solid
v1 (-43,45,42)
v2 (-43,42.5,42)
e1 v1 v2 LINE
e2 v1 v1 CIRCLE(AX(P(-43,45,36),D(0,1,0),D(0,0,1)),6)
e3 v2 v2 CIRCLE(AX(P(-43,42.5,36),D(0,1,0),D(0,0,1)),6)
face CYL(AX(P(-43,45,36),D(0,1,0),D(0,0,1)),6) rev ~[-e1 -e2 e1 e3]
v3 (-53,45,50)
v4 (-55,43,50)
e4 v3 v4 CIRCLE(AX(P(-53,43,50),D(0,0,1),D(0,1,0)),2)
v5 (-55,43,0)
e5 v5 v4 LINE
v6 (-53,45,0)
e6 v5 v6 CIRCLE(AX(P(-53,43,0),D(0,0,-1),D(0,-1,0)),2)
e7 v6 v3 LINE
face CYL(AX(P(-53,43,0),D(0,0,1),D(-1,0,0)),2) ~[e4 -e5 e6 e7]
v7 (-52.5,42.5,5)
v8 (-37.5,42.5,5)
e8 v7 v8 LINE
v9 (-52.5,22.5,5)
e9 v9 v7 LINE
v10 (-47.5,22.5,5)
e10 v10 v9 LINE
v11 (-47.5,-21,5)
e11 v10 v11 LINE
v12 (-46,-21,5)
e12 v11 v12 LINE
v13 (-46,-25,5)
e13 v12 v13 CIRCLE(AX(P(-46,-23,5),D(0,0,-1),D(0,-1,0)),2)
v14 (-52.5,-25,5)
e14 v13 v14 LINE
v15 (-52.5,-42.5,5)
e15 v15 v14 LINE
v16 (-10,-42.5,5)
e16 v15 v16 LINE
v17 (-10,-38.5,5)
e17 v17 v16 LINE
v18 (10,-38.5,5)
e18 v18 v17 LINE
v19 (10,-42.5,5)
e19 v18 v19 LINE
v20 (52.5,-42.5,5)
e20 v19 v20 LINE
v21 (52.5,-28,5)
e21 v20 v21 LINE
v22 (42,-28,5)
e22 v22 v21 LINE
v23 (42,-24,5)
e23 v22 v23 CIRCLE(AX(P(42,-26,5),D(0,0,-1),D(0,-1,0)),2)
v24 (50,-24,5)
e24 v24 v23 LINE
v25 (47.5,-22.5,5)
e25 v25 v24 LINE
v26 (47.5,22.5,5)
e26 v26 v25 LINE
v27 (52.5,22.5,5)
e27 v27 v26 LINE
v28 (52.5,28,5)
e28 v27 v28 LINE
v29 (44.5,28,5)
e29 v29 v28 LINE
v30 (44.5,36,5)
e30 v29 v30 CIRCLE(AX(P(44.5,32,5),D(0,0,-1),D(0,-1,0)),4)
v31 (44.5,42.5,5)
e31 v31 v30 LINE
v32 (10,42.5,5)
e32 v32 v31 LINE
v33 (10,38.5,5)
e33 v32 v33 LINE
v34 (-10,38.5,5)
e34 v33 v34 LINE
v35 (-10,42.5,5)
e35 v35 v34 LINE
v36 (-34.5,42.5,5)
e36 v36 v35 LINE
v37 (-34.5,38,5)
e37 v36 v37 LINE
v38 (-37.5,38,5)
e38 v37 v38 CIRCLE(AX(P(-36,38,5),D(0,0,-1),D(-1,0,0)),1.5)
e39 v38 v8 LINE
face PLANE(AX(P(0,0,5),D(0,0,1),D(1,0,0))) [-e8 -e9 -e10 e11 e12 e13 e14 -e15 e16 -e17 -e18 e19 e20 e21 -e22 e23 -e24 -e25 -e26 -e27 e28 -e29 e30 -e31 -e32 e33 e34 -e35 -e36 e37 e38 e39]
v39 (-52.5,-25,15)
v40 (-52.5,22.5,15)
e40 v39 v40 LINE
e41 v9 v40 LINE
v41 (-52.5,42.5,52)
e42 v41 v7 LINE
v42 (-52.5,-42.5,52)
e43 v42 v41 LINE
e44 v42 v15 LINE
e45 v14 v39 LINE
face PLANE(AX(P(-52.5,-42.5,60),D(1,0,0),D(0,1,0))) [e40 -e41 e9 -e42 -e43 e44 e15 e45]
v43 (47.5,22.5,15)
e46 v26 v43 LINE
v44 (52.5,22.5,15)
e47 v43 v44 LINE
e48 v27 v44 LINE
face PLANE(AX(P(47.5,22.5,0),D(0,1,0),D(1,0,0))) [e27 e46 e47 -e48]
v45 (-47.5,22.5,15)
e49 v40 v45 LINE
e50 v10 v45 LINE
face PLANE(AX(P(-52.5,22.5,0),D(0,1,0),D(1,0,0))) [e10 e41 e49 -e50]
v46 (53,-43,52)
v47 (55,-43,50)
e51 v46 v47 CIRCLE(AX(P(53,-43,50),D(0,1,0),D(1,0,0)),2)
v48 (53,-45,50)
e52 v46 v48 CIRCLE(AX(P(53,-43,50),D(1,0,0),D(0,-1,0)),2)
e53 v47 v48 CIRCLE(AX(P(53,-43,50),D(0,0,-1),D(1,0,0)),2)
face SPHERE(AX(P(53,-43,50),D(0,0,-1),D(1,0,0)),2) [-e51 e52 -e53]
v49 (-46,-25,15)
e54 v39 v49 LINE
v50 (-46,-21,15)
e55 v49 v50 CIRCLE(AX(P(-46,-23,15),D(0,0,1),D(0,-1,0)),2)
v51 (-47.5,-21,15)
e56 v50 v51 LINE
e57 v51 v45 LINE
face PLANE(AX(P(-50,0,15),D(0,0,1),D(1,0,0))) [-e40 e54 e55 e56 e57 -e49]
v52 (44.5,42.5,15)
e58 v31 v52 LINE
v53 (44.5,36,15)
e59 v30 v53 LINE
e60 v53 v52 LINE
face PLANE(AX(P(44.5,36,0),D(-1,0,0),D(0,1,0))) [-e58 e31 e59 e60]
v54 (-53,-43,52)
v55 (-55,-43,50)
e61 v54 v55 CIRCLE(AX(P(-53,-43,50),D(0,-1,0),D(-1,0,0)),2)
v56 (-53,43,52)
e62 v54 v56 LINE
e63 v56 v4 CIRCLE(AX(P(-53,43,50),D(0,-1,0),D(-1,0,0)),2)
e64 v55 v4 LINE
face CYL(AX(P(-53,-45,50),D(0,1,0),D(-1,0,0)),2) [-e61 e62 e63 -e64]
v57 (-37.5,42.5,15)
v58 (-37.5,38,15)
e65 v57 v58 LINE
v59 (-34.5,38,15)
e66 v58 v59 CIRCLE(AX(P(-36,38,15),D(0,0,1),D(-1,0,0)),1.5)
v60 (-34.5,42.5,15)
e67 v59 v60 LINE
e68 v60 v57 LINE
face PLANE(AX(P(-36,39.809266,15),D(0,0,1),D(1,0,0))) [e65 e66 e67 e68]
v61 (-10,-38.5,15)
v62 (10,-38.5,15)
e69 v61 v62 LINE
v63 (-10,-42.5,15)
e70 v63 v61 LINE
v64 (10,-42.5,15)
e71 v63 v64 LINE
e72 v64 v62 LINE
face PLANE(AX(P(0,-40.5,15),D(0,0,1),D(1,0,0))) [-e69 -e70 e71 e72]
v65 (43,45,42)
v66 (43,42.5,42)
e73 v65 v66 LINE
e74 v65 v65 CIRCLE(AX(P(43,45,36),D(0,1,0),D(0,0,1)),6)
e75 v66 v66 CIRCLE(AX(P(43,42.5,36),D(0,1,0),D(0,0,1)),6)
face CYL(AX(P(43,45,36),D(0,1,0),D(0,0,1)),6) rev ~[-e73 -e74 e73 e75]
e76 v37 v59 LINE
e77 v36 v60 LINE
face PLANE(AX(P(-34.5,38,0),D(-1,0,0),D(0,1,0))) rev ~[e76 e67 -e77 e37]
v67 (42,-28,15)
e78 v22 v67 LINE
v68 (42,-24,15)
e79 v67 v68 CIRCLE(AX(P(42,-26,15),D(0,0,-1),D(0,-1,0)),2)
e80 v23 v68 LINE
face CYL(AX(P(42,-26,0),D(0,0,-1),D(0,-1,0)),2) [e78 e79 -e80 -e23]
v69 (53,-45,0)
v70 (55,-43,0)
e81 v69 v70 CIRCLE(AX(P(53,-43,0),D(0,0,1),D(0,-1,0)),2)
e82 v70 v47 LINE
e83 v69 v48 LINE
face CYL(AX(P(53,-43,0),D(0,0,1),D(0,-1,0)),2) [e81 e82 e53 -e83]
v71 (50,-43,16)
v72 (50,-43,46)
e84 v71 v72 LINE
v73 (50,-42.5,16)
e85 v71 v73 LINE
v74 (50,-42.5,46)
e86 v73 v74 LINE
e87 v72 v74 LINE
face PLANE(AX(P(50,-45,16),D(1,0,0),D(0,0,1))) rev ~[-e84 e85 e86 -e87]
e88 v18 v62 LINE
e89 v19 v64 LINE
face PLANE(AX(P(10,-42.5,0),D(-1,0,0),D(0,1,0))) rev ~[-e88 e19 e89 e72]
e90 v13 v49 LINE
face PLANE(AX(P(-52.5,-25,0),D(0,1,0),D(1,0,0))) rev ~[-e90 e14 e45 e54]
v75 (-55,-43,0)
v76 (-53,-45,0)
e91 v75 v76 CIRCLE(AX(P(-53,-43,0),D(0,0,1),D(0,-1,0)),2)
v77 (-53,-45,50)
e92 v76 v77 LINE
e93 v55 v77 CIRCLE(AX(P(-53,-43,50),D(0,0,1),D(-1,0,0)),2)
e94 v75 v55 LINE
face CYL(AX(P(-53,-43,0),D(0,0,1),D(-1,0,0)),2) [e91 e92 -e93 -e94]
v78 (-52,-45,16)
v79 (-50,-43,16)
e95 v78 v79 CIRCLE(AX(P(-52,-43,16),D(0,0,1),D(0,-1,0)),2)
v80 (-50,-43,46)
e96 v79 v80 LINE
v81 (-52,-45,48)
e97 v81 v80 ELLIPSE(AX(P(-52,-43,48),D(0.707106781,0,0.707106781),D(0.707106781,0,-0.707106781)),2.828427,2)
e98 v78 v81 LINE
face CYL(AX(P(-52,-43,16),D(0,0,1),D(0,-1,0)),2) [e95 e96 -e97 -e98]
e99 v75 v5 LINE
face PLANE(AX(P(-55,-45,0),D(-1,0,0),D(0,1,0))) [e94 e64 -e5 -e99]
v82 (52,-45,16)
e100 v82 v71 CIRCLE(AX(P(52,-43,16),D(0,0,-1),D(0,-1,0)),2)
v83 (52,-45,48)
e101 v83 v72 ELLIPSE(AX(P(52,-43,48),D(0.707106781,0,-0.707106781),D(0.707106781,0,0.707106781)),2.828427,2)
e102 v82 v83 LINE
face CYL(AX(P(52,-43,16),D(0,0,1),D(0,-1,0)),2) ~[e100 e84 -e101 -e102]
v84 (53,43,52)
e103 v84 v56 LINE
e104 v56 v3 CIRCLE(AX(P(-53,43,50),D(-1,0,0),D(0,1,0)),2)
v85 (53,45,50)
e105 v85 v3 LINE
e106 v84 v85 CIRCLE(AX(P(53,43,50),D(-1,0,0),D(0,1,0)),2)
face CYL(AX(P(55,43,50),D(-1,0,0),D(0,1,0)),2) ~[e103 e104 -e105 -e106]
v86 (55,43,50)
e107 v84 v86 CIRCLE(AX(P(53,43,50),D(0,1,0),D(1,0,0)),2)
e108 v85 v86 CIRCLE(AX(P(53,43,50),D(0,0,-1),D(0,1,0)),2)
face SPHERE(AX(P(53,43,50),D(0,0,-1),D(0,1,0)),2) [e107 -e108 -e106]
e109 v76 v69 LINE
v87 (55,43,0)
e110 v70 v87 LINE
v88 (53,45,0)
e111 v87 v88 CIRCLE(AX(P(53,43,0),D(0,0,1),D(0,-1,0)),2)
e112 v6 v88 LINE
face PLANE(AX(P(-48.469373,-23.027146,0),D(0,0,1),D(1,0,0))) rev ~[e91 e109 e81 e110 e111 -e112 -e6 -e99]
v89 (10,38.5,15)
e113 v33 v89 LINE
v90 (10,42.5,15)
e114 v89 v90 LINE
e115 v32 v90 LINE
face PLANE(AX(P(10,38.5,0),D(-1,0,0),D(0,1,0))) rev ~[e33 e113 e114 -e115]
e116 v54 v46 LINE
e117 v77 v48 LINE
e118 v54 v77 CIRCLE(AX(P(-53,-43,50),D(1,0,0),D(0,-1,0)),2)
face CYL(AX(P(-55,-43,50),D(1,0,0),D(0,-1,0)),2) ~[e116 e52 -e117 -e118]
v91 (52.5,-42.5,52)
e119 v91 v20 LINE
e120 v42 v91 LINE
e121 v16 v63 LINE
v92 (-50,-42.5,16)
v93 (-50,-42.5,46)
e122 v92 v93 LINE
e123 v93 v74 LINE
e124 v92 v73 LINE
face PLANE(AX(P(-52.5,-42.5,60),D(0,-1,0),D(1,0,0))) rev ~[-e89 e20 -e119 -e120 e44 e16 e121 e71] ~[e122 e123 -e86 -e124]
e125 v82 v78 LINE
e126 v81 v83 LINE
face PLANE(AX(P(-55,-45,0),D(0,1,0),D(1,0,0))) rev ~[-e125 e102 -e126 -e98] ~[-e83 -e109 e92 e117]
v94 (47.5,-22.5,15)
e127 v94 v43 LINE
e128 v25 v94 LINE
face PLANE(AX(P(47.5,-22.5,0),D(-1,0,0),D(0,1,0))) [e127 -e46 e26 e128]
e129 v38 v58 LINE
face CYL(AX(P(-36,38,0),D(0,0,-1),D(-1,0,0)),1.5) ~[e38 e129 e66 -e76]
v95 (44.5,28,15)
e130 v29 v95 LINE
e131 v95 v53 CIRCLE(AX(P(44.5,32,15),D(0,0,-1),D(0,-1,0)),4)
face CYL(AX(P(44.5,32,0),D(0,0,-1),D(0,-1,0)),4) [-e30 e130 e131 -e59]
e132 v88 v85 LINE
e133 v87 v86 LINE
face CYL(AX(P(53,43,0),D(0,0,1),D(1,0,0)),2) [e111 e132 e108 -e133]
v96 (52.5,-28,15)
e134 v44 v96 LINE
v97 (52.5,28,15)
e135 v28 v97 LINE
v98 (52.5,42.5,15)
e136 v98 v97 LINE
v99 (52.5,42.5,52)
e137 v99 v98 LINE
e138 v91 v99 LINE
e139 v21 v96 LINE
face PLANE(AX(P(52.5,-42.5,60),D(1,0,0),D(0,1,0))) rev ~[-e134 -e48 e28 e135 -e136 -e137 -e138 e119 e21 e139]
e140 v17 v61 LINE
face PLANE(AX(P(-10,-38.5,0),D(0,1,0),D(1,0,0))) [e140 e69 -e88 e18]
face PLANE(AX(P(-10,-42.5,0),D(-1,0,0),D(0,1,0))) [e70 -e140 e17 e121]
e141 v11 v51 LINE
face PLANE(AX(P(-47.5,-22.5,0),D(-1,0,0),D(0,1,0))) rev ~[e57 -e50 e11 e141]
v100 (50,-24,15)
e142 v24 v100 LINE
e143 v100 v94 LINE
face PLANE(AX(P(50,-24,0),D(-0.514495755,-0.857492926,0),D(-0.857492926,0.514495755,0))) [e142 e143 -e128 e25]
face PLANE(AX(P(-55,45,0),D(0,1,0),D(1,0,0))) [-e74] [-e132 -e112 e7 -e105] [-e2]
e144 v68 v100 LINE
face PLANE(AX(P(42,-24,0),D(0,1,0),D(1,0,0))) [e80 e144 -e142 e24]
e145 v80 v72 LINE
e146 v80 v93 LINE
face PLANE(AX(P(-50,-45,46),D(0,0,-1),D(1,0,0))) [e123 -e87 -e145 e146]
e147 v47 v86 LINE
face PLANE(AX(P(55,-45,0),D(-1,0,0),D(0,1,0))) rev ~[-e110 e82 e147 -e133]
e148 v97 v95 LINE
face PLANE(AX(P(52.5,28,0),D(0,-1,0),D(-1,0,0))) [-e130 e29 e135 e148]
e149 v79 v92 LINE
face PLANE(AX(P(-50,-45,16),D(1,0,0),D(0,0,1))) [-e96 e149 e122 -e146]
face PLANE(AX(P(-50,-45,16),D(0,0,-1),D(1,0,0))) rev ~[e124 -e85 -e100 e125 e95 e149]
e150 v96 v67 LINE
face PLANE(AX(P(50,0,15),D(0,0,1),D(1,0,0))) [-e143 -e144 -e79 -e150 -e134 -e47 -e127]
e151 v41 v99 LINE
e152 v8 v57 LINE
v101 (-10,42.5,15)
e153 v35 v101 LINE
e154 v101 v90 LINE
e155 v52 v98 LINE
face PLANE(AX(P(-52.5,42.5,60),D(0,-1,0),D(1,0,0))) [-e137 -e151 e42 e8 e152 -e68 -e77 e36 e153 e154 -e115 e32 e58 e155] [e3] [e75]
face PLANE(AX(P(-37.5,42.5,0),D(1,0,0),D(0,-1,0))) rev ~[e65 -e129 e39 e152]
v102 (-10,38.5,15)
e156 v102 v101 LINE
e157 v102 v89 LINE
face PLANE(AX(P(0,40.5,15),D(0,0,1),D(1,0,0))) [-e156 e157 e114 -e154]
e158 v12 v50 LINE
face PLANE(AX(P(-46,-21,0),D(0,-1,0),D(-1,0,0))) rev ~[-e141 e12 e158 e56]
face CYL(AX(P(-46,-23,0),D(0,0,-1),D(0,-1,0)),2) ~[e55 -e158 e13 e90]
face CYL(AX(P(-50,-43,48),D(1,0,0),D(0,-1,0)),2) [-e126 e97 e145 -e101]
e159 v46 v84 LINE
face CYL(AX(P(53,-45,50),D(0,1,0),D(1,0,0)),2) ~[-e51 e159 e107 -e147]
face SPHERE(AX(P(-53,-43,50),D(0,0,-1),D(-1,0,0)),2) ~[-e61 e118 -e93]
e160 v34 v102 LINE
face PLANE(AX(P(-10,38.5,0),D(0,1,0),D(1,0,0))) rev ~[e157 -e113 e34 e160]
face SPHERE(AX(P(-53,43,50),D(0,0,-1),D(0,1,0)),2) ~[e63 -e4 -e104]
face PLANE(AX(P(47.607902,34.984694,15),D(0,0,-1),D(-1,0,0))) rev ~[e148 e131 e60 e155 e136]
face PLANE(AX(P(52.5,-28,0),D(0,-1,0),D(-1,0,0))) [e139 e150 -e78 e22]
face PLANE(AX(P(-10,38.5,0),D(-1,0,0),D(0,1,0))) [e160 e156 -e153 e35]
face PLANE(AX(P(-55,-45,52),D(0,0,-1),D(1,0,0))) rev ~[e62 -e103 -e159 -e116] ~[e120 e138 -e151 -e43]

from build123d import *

# Parameters (mm, degrees)
SKETCH_1_W           = 110
SKETCH_1_H           = 90
EXTRUDE_1_DEPTH      = 60
SKETCH_2_W           = 105
SKETCH_2_H           = 85
CUT_EXTRUDE_1_DEPTH  = 55
SKETCH_3_W           = 100
SKETCH_3_H           = 30
CUT_EXTRUDE_2_DEPTH  = 12
SKETCH_4_R           = 6
CUT_EXTRUDE_3_DEPTH  = 12
EXTRUDE_2_DEPTH      = 5
EXTRUDE_2_DEPTH_BACK = 10
SKETCH_6_W           = 20
SKETCH_6_H           = 4
SKETCH_6_W_2         = 5
SKETCH_6_H_2         = 45
EXTRUDE_3_DEPTH      = 5
EXTRUDE_3_DEPTH_BACK = 10
SKETCH_10_W          = 110
SKETCH_10_H          = 8
CUT_EXTRUDE_4_DEPTH  = 122.346610995
FILLET_1_R           = 2


with BuildPart() as part:
    # 스케치1 → 보스-돌출1 (new body)
    with BuildSketch(Plane.XY):
        Rectangle(SKETCH_1_W, SKETCH_1_H)
    extrude(amount=EXTRUDE_1_DEPTH)

    # 스케치2 → 컷-돌출1 (cut)
    with BuildSketch(Plane.XY.offset(60)):
        Rectangle(SKETCH_2_W, SKETCH_2_H)
    extrude(amount=-CUT_EXTRUDE_1_DEPTH, mode=Mode.SUBTRACT)

    # 스케치3 → 컷-돌출2 (cut)
    with BuildSketch(Plane.XZ.offset(45)):
        with Locations((0, 31)):
            Rectangle(SKETCH_3_W, SKETCH_3_H)
    extrude(amount=-CUT_EXTRUDE_2_DEPTH, mode=Mode.SUBTRACT)

    # 스케치4 → 컷-돌출3 (cut)
    with BuildSketch(Plane(origin=(0, 45, 0), x_dir=(1, 0, 0), z_dir=(0, 1, 0))):
        with Locations(Location((-43, -36, 0), (0, 0, 270))):
            Circle(SKETCH_4_R)
        with Locations(Location((43, -36, 0), (0, 0, 270))):
            Circle(SKETCH_4_R)
    extrude(amount=-CUT_EXTRUDE_3_DEPTH, mode=Mode.SUBTRACT)

    # 스케치6 → 보스-돌출2 (add, two sides: drawn at the far end of the back side and taken through both)
    with BuildSketch(Plane.XY.offset(10).offset(-EXTRUDE_2_DEPTH_BACK)):
        with Locations((0, 40.5)):
            Rectangle(SKETCH_6_W, SKETCH_6_H)
        with Locations((50, 0)):
            Rectangle(SKETCH_6_W_2, SKETCH_6_H_2)
        with Locations((0, -40.5)):
            Rectangle(SKETCH_6_W, SKETCH_6_H)
        with Locations((-50, 0)):
            Rectangle(SKETCH_6_W_2, SKETCH_6_H_2)
    extrude(amount=EXTRUDE_2_DEPTH + EXTRUDE_2_DEPTH_BACK)

    # 스케치7 → 보스-돌출3 (add, two sides: drawn at the far end of the back side and taken through both)
    with BuildSketch(Plane.XY.offset(10).offset(-EXTRUDE_3_DEPTH_BACK)):
        with BuildLine():
            Line((-46, -21), (-50, -21))
            Line((-50, -21), (-47.5, -22.5))
            Line((-47.5, -22.5), (-52.5, -22.5))
            Line((-52.5, -22.5), (-52.5, -25))
            Line((-52.5, -25), (-46, -25))
            ThreePointArc((-46, -25), (-44, -23), (-46, -21))
        make_face()
        with BuildLine():
            Line((-34.5, 38), (-34.5, 42.5))
            Line((-34.5, 42.5), (-37.5, 42.5))
            Line((-37.5, 42.5), (-37.5, 38))
            ThreePointArc((-37.5, 38), (-36, 36.5), (-34.5, 38))
        make_face()
        with BuildLine():
            Line((42, -24), (50, -24))
            Line((50, -24), (47.5, -22.5))
            Line((47.5, -22.5), (52.5, -22.5))
            Line((52.5, -22.5), (52.5, -28))
            Line((52.5, -28), (42, -28))
            ThreePointArc((42, -28), (40, -26), (42, -24))
        make_face()
        with BuildLine():
            Line((44.5, 36), (44.5, 42.5))
            Line((44.5, 42.5), (52.5, 42.5))
            Line((52.5, 42.5), (52.5, 28))
            Line((52.5, 28), (44.5, 28))
            ThreePointArc((44.5, 28), (40.5, 32), (44.5, 36))
        make_face()
    extrude(amount=EXTRUDE_3_DEPTH + EXTRUDE_3_DEPTH_BACK)

    # 스케치10 → 컷-돌출4 (cut, through all)
    with BuildSketch(Plane.XZ.offset(45)):
        with Locations((0, 56)):
            Rectangle(SKETCH_10_W, SKETCH_10_H)
    extrude(amount=-CUT_EXTRUDE_4_DEPTH, mode=Mode.SUBTRACT)

    # 필렛1
    fillet_1_edges = [part.edges().sort_by_distance(p)[0] for p in [
        (55, -45, 26),
        (-55, -45, 26),
        (-55, 45, 26),
        (55, 45, 26),
        (0, 45, 52),
        (55, 0, 52),
        (-55, 0, 52),
        (0, -45, 52),
        (50, -45, 31),
        (0, -45, 46),
        (-50, -45, 31),
    ]]
    fillet(fillet_1_edges, radius=FILLET_1_R)


solid = part.part
